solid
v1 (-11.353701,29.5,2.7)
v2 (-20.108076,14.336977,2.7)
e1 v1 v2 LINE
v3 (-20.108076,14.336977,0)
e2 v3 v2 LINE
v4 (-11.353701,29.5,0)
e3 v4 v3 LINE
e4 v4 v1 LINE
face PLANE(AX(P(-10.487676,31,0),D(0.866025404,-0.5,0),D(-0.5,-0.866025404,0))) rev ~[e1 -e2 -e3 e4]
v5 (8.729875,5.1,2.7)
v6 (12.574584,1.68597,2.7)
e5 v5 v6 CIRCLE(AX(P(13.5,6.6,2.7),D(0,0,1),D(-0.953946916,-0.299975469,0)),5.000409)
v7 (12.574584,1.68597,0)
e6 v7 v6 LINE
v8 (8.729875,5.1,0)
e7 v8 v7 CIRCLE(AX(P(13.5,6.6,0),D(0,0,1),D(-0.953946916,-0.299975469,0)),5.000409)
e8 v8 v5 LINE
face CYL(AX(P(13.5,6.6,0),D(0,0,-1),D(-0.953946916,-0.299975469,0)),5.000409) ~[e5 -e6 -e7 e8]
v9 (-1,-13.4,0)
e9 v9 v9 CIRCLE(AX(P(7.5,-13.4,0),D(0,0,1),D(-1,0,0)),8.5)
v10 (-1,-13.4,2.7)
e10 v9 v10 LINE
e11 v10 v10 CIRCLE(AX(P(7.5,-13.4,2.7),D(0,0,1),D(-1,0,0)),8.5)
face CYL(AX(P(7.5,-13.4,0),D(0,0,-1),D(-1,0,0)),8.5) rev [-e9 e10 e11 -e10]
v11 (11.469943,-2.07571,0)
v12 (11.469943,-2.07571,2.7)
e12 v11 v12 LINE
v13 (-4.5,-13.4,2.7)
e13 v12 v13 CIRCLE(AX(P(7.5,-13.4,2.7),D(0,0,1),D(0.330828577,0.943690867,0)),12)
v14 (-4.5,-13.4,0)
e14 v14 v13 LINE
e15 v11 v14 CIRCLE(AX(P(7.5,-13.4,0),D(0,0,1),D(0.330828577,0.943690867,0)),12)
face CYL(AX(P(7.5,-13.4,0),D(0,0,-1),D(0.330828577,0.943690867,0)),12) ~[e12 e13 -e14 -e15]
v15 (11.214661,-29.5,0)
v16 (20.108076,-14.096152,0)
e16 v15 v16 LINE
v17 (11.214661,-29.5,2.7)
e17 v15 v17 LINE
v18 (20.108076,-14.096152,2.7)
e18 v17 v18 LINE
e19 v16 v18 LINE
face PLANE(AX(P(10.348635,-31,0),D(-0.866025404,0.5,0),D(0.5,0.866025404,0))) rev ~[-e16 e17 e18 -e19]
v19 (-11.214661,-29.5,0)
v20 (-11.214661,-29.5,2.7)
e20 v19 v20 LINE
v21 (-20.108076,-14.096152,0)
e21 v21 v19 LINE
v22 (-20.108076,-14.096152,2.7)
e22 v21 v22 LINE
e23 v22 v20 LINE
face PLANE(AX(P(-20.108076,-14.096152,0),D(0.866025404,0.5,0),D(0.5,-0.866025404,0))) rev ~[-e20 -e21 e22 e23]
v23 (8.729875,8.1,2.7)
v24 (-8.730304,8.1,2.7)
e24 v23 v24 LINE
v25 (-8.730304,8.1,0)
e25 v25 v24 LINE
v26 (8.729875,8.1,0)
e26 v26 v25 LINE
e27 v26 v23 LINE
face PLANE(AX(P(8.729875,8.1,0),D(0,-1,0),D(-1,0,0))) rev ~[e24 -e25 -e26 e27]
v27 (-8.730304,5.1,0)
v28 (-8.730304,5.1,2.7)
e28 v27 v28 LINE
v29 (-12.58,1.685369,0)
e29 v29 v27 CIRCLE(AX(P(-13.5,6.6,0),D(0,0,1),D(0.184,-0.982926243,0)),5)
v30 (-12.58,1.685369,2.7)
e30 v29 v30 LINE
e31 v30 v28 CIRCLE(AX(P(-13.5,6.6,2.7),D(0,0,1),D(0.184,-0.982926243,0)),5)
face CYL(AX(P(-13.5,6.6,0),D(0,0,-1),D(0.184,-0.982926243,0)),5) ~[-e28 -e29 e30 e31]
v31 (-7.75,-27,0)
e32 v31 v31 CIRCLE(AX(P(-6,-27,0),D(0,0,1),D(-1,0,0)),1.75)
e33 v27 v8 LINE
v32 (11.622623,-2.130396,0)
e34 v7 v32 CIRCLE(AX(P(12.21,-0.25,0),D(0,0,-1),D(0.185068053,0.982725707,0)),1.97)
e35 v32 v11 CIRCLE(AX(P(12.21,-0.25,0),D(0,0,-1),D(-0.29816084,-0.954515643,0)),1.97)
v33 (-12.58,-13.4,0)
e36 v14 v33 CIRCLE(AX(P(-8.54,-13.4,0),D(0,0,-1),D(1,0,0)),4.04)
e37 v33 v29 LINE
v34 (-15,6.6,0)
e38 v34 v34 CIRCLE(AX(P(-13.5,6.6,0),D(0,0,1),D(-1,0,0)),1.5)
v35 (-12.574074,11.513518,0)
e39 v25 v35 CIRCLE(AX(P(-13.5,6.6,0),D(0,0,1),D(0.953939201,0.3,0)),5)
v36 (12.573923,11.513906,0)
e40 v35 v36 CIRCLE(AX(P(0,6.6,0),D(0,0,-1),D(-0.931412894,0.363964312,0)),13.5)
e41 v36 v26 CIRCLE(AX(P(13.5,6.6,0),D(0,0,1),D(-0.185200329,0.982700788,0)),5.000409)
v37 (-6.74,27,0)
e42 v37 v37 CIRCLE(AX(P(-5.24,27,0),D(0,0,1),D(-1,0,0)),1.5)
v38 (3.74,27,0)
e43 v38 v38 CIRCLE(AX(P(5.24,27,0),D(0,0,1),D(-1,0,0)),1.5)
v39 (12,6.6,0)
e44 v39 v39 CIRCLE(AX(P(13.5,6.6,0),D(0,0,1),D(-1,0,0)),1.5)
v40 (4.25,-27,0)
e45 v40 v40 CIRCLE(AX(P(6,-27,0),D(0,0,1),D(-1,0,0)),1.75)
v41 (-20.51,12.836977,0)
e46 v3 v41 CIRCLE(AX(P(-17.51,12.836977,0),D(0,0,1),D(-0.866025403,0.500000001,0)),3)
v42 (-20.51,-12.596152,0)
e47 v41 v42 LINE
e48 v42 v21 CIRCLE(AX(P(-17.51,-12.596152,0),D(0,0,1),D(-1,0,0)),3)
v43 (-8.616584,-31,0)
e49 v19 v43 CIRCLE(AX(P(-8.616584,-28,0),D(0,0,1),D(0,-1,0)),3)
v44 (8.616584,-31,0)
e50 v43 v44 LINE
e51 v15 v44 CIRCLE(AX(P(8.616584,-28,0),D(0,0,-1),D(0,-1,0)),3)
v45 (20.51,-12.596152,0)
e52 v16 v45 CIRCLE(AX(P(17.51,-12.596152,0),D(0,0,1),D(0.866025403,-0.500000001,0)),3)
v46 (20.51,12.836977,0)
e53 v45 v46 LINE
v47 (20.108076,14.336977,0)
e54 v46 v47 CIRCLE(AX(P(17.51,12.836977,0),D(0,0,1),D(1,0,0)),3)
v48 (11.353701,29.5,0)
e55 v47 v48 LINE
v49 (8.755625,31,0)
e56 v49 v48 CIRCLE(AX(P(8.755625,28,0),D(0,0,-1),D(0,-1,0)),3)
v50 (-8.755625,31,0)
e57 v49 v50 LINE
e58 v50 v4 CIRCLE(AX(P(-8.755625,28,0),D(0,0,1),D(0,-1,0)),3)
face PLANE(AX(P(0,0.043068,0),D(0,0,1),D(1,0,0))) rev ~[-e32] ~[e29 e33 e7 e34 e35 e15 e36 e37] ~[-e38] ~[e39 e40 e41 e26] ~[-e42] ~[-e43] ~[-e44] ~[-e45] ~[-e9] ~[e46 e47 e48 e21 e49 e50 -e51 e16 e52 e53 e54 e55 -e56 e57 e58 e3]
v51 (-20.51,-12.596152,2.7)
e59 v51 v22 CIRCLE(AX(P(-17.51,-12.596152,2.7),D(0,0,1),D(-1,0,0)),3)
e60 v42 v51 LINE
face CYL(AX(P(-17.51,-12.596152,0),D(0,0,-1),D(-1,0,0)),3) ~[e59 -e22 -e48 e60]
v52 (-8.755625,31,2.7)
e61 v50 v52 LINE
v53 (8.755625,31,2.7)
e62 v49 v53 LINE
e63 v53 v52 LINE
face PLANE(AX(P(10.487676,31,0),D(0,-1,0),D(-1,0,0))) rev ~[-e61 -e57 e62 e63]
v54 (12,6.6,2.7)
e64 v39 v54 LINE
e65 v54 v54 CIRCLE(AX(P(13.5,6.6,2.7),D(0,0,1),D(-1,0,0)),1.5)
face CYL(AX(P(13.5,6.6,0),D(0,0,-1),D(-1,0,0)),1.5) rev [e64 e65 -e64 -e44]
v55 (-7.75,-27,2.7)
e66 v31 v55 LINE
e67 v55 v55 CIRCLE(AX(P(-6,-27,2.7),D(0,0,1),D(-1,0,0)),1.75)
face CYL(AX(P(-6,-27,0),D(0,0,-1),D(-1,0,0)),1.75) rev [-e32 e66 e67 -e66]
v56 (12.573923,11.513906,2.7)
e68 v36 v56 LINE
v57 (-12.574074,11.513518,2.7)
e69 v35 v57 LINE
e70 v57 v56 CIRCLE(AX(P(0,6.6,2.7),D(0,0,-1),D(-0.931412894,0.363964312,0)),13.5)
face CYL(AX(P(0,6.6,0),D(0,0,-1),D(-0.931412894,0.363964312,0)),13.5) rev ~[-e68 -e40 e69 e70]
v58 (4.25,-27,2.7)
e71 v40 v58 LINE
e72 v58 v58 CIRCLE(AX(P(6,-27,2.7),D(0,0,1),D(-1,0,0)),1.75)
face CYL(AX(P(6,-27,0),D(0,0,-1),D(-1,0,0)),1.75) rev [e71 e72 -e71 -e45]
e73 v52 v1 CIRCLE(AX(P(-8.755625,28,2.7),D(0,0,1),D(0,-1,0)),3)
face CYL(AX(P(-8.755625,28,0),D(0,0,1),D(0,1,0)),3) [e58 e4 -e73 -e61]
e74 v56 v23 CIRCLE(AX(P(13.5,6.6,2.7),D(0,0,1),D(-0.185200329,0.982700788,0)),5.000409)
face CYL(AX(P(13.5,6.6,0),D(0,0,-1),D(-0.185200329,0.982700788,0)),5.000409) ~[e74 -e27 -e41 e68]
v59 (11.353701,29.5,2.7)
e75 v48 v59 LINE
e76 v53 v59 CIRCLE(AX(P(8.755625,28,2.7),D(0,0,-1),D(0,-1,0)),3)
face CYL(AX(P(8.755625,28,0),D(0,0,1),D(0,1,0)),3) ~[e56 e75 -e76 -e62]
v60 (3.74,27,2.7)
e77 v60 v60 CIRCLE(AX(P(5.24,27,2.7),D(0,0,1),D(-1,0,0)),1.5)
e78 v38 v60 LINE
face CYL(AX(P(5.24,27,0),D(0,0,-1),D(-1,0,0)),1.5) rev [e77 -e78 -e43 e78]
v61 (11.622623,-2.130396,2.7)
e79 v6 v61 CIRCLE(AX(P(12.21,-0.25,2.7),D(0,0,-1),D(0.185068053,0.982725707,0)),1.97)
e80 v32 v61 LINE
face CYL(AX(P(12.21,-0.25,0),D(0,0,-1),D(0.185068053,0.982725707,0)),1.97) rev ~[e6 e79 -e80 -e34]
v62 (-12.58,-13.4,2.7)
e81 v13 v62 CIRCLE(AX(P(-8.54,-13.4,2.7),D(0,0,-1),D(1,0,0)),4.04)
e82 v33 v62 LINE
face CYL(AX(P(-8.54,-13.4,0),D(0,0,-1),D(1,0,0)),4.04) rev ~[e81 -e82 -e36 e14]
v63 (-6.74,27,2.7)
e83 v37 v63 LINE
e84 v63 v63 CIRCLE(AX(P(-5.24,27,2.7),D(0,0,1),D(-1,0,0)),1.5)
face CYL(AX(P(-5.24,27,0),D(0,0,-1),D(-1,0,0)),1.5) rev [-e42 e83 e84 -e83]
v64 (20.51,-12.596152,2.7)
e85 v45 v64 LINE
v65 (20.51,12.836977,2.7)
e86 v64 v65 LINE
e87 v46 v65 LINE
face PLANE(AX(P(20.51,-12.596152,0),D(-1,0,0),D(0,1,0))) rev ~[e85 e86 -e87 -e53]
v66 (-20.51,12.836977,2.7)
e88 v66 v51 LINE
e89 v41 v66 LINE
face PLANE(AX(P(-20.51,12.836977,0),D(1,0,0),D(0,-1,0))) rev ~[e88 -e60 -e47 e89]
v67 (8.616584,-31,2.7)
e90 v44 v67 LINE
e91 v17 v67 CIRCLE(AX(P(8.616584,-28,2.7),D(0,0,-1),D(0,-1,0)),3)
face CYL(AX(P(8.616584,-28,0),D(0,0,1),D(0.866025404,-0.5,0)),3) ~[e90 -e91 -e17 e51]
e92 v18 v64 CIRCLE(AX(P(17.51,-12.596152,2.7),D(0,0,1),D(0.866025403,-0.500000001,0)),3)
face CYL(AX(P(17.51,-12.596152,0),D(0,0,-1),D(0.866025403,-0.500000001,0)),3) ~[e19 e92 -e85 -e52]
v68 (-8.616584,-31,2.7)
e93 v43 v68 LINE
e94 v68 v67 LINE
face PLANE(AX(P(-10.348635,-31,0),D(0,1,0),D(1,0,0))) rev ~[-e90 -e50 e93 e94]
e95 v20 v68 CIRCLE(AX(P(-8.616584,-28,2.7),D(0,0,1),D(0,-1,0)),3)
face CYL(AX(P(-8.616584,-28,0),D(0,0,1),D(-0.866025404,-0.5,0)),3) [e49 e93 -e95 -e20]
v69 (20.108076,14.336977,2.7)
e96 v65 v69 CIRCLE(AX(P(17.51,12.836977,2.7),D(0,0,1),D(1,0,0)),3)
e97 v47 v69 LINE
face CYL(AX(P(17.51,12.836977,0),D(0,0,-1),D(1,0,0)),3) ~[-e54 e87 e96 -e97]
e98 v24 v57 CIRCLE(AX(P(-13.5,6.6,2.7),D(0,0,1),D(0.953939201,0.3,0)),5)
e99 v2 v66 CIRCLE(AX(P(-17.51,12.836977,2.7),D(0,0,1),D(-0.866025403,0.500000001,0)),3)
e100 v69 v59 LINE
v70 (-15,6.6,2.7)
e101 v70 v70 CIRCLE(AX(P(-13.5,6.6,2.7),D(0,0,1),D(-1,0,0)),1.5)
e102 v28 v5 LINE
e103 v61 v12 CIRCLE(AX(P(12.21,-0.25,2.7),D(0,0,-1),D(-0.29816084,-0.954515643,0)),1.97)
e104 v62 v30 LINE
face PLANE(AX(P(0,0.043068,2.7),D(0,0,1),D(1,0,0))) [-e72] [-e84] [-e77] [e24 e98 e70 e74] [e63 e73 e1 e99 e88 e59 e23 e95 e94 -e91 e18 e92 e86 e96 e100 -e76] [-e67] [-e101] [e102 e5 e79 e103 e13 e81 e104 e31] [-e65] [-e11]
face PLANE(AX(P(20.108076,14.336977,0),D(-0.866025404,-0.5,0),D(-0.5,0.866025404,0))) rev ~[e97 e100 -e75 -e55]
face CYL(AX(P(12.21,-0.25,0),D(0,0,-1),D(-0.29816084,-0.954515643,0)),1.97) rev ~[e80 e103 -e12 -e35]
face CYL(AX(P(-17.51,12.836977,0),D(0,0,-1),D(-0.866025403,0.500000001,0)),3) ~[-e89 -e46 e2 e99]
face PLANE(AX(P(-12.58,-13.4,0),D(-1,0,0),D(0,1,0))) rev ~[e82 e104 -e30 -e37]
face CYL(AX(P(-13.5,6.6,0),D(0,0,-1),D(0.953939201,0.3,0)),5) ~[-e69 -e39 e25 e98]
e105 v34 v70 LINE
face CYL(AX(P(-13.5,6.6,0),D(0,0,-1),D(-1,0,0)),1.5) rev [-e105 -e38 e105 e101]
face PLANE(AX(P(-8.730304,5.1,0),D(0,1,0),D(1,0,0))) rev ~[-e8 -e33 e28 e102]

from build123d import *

# Parameters (mm, degrees)
SKETCH1_R           = 1.75
SKETCH1_R_2         = 8.5
SKETCH1_R_3         = 1.5
BOSS_EXTRUDE1_DEPTH = 2.7
FILLET1_R           = 3


with BuildPart() as part:
    # Sketch1 → Boss-Extrude1 (new body)
    with BuildSketch(Plane.XY):
        with BuildLine():
            Line((10.487675588, 31), (-10.487675588, 31))
            Line((-10.487675588, 31), (-20.108076211, 14.336977332))
            ThreePointArc((-20.108076211, 14.336977332), (-20.407777479, 13.613434467), (-20.51, 12.836977332))
            Line((-20.51, 12.836977332), (-20.51, -12.596152423))
            ThreePointArc((-20.51, -12.596152423), (-20.407777479, -13.372609558), (-20.108076211, -14.096152423))
            Line((-20.108076211, -14.096152423), (-10.348635262, -31))
            Line((-10.348635262, -31), (10.348635262, -31))
            Line((10.348635262, -31), (20.108076211, -14.096152423))
            ThreePointArc((20.108076211, -14.096152423), (20.407777479, -13.372609558), (20.51, -12.596152423))
            Line((20.51, -12.596152423), (20.51, 12.836977332))
            ThreePointArc((20.51, 12.836977332), (20.407777479, 13.613434467), (20.108076211, 14.336977332))
            Line((20.108076211, 14.336977332), (10.487675588, 31))
        make_face()
        with Locations(Location((-6, -27, 0), (0, 0, 180))):
            Circle(SKETCH1_R, mode=Mode.SUBTRACT)
        with Locations(Location((6, -27, 0), (0, 0, 180))):
            Circle(SKETCH1_R, mode=Mode.SUBTRACT)
        with Locations(Location((7.5, -13.4, 0), (0, 0, 180))):
            Circle(SKETCH1_R_2, mode=Mode.SUBTRACT)
        with BuildLine():
            ThreePointArc((-4.5, -13.4), (-8.54, -17.44), (-12.58, -13.4))
            Line((-12.58, -13.4), (-12.58, 1.685368783))
            ThreePointArc((-12.58, 1.685368783), (-10.18215631, 2.859423407), (-8.730303993, 5.1))
            Line((-8.730303993, 5.1), (8.729875369, 5.1))
            ThreePointArc((8.729875369, 5.1), (10.179804764, 2.860963681), (12.574584064, 1.685969643))
            ThreePointArc((12.574584064, 1.685969643), (14.121431526, -0.726790857), (11.622623122, -2.13039581))
            ThreePointArc((11.622623122, -2.13039581), (11.545720037, -2.104624526), (11.469942926, -2.075709596))
            ThreePointArc((11.469942926, -2.075709596), (0.558793877, -3.611248417), (-4.5, -13.4))
        make_face(mode=Mode.SUBTRACT)
        with Locations(Location((-13.5, 6.6, 0), (0, 0, 180))):
            Circle(SKETCH1_R_3, mode=Mode.SUBTRACT)
        with BuildLine():
            Line((8.729875369, 8.1), (-8.730303993, 8.1))
            ThreePointArc((-8.730303993, 8.1), (-10.179901517, 10.338575405), (-12.574074074, 11.513518208))
            ThreePointArc((-12.574074074, 11.513518208), (-0.00020804, 20.099999998), (12.57392263, 11.513905748))
            ThreePointArc((12.57392263, 11.513905748), (10.179553129, 10.338812856), (8.729875369, 8.1))
        make_face(mode=Mode.SUBTRACT)
        with Locations(Location((-5.24, 27, 0), (0, 0, 180))):
            Circle(SKETCH1_R_3, mode=Mode.SUBTRACT)
        with Locations(Location((13.5, 6.6, 0), (0, 0, 180))):
            Circle(SKETCH1_R_3, mode=Mode.SUBTRACT)
        with Locations(Location((5.24, 27, 0), (0, 0, 180))):
            Circle(SKETCH1_R_3, mode=Mode.SUBTRACT)
    extrude(amount=BOSS_EXTRUDE1_DEPTH)

    # Fillet1
    fillet1_edges = [part.edges().sort_by_distance(p)[0] for p in [
        (-10.487675588, 31, 1.35),
        (10.487675588, 31, 1.35),
        (10.348635262, -31, 1.35),
        (-10.348635262, -31, 1.35),
    ]]
    fillet(fillet1_edges, radius=FILLET1_R)


solid = part.part
